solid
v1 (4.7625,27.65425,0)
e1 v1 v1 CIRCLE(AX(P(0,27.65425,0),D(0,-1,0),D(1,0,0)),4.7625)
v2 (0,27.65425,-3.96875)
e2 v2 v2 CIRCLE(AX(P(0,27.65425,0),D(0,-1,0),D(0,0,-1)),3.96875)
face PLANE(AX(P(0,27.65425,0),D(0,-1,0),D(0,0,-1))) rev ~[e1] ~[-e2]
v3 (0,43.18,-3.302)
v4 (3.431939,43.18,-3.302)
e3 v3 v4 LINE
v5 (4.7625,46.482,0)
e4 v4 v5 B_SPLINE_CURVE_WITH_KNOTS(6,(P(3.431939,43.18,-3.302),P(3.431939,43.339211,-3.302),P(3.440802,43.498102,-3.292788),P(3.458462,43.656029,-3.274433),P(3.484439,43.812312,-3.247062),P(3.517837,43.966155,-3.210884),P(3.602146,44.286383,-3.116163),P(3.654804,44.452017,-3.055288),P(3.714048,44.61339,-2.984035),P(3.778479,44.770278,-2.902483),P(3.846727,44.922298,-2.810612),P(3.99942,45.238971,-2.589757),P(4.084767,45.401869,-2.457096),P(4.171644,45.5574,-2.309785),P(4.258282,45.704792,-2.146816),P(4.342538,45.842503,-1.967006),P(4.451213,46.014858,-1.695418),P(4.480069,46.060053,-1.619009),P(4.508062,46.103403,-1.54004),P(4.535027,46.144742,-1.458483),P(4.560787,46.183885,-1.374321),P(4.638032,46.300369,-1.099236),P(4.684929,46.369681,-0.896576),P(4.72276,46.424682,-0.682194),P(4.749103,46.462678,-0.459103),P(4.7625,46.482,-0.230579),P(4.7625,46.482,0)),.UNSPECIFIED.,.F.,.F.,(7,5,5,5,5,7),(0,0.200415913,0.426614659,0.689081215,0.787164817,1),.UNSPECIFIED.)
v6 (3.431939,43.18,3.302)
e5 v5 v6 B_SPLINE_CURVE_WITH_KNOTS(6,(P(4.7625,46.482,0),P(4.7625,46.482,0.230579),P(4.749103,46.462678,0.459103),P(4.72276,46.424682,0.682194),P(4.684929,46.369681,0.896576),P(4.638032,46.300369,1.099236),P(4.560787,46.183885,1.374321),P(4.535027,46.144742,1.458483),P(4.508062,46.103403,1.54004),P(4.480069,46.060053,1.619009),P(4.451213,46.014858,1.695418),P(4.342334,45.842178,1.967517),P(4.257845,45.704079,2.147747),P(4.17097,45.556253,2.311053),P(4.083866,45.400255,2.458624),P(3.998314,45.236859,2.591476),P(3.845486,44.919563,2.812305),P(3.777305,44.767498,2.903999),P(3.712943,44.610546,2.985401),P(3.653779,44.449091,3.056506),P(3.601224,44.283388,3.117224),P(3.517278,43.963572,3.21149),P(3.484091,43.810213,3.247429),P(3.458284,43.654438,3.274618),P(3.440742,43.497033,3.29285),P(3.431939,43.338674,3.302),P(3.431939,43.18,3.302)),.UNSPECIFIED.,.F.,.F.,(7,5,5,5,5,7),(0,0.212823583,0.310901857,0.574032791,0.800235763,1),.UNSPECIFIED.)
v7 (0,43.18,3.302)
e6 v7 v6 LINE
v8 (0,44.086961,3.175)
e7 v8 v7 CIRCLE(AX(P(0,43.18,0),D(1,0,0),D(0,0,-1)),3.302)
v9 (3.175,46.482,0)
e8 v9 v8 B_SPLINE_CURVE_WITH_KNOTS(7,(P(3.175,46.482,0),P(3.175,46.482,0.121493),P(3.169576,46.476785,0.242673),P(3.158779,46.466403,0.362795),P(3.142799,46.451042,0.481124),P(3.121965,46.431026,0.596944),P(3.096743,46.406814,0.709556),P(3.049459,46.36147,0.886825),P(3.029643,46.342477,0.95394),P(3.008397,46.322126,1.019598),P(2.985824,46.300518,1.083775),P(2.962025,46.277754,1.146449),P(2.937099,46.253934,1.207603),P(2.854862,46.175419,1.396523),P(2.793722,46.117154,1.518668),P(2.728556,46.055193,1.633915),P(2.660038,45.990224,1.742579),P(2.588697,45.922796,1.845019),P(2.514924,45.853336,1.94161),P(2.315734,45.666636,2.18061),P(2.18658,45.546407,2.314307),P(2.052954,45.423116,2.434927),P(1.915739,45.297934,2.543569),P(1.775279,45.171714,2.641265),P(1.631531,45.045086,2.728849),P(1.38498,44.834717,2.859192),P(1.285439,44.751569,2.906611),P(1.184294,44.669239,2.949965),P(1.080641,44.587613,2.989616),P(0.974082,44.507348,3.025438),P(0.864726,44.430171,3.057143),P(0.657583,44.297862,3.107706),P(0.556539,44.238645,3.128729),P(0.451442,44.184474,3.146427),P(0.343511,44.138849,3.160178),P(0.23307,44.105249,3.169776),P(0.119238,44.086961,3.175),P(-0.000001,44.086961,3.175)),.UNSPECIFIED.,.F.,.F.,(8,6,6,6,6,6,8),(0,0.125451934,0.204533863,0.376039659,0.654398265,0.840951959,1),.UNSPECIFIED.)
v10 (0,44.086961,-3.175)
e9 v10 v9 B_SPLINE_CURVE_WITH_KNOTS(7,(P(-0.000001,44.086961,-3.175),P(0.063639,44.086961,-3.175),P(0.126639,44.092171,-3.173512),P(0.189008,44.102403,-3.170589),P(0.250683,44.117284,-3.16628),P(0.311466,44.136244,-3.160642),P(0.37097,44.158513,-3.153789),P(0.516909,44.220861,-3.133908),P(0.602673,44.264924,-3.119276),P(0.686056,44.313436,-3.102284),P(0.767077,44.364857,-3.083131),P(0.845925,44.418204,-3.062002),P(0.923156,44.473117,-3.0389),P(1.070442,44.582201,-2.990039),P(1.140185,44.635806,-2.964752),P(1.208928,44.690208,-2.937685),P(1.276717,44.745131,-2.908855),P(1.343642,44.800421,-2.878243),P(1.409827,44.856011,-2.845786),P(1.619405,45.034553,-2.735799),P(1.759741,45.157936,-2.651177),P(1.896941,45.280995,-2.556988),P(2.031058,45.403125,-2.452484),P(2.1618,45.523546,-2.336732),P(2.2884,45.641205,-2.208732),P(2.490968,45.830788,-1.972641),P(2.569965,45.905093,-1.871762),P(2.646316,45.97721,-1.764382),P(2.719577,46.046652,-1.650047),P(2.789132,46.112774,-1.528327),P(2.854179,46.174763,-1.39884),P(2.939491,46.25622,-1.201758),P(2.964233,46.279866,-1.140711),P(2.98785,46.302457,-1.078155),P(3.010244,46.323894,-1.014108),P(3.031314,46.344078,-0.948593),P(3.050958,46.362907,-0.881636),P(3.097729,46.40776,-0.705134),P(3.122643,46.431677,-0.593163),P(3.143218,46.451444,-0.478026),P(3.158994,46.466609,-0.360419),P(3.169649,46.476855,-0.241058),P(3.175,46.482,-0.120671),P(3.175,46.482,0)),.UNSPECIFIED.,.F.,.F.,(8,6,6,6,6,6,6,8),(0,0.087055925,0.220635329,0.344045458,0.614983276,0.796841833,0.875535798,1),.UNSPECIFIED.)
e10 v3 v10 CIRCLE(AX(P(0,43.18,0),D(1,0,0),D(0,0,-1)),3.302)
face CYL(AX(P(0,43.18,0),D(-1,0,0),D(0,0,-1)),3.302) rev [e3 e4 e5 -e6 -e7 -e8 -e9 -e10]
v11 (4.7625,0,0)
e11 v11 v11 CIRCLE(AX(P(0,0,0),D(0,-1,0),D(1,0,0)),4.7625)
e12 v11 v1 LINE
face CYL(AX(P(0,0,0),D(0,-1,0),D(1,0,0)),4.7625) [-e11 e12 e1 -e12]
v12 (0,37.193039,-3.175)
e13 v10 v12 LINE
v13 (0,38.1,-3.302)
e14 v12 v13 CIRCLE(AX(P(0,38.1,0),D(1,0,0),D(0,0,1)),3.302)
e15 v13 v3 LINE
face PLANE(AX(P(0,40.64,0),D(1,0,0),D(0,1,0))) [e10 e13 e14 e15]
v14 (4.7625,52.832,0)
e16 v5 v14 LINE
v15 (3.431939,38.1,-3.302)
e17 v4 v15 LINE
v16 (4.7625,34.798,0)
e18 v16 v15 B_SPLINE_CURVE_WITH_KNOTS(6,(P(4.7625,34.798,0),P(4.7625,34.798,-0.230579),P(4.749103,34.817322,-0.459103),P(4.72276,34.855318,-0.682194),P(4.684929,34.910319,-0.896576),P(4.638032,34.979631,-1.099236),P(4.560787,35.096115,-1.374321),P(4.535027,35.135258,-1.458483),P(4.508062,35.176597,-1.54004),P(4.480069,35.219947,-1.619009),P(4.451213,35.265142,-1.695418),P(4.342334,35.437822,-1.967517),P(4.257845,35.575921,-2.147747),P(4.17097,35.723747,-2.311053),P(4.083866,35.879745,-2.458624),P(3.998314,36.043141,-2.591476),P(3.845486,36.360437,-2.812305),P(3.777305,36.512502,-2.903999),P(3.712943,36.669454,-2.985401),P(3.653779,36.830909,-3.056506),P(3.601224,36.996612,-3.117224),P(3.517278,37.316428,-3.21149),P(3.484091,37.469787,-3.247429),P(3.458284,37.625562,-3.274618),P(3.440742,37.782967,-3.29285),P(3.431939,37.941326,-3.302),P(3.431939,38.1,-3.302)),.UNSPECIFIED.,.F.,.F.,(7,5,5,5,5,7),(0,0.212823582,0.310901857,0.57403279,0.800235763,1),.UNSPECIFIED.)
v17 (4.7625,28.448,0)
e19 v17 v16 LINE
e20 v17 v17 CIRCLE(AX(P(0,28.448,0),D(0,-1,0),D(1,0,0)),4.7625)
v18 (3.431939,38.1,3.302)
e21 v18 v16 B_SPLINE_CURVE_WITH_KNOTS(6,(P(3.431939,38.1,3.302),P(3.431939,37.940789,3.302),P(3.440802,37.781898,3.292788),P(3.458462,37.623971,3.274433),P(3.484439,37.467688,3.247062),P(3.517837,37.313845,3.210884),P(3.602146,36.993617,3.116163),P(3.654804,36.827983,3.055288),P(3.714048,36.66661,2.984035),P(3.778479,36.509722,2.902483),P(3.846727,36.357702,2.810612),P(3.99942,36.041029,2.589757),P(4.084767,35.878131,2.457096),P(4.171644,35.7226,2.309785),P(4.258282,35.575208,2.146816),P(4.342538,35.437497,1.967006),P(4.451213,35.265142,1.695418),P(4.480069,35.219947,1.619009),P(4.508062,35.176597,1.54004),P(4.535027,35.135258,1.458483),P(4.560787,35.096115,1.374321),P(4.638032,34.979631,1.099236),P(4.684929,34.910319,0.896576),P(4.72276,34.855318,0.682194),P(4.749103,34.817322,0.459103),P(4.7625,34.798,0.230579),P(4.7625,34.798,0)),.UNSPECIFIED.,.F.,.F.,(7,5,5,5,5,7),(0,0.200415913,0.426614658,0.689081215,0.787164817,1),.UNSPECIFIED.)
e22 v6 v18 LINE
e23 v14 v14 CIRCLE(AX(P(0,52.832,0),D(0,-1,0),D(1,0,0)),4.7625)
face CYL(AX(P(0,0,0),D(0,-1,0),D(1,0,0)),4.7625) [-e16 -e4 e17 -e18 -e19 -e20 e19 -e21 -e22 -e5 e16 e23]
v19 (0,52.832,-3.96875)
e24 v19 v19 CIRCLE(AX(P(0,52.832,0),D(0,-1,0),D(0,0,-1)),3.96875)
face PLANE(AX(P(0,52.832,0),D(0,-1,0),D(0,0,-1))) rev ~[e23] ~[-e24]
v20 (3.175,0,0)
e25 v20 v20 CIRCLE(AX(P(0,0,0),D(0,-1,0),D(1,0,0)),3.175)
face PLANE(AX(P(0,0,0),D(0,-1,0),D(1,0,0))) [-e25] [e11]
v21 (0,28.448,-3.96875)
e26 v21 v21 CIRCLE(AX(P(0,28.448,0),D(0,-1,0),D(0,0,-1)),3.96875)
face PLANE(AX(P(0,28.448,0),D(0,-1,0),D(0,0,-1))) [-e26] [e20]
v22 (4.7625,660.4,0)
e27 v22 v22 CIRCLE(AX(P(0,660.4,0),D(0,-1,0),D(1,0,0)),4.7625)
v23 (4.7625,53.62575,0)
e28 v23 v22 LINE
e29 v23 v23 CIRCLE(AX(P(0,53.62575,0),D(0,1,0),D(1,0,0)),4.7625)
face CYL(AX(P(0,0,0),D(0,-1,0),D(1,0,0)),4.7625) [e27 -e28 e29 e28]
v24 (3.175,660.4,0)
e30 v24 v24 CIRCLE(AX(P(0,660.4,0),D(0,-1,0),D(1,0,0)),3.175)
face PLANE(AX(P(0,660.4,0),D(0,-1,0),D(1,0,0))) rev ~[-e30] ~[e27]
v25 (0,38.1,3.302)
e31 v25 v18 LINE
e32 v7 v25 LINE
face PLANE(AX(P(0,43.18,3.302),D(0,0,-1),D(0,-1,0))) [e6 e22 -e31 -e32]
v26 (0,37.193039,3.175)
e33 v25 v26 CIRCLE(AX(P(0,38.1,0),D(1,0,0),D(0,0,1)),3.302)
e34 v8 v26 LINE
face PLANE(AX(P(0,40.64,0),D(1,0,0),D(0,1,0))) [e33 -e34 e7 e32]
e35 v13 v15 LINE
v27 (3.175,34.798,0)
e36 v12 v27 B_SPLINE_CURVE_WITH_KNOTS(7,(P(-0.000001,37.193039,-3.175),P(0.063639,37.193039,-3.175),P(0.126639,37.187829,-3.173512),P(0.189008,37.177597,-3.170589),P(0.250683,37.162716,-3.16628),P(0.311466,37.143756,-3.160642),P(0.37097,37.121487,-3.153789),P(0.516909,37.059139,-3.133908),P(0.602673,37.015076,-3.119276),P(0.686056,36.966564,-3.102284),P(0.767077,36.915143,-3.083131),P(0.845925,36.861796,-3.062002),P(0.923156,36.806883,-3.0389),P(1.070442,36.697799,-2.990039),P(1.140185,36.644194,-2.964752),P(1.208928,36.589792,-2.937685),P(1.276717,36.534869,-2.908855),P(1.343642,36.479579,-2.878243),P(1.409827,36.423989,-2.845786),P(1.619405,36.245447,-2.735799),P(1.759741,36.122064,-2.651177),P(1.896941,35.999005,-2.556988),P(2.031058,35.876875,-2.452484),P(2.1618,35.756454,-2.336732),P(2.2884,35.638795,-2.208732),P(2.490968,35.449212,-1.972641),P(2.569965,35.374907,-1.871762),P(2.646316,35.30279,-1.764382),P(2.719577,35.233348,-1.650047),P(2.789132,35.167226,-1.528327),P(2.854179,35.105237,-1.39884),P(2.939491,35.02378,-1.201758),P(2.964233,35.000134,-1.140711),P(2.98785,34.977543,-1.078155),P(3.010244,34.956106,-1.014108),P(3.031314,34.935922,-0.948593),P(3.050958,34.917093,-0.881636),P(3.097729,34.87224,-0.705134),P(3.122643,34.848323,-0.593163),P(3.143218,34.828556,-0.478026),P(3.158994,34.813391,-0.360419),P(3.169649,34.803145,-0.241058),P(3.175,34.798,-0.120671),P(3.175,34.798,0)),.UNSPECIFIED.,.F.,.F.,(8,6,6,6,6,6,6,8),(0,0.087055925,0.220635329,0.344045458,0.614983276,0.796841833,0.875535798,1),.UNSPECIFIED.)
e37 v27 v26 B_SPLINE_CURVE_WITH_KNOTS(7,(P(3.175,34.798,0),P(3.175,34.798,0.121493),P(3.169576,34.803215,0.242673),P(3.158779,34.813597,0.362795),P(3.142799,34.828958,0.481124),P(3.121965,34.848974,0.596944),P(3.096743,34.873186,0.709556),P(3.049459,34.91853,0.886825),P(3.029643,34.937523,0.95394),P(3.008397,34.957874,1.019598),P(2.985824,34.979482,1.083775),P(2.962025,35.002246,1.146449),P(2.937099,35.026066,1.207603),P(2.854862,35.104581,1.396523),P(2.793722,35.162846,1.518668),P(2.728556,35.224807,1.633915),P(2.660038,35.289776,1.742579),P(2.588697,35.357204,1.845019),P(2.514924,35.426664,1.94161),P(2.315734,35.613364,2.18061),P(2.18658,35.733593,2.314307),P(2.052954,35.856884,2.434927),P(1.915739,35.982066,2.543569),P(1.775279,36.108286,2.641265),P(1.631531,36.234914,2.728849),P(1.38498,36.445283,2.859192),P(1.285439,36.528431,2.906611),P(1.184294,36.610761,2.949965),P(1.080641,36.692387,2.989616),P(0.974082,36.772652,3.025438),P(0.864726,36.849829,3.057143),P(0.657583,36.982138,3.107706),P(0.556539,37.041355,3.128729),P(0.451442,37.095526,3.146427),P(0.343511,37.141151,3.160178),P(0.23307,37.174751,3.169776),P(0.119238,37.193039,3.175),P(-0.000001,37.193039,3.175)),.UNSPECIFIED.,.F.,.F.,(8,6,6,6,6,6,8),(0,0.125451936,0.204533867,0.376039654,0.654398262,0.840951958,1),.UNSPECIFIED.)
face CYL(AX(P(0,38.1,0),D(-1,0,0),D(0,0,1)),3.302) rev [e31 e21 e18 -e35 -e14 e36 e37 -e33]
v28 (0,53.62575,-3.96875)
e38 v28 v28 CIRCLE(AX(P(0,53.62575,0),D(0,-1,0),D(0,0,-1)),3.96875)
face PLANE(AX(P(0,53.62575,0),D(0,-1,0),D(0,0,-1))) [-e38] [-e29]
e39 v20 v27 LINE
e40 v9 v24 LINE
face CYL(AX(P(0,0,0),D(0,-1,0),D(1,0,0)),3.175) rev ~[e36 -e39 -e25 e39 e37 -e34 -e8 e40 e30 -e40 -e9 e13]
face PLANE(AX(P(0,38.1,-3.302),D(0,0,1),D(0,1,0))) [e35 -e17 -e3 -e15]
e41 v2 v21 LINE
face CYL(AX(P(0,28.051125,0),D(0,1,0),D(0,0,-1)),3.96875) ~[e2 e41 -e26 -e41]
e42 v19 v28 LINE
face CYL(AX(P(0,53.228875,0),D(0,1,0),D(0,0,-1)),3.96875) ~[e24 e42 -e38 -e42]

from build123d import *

# Parameters (mm, degrees)
F0_R     = 4.7625
F0_R_2   = 3.175
F1_DEPTH = 660.4
F3_DEPTH = 25.4
F4_W     = 0.79375
F4_H     = 0.79375


with BuildPart() as f1:
    # F0 (on Front) → F1 (new body)
    with BuildSketch(Plane.XZ):
        Circle(F0_R)
        Circle(F0_R_2, mode=Mode.SUBTRACT)
    extrude(amount=-F1_DEPTH)

    # F2 (on Right) → F3 (cut)
    with BuildSketch(Plane.YZ):
        with BuildLine():
            Line((43.18, 3.302), (38.1, 3.302))
            ThreePointArc((38.1, 3.302), (34.798, 0), (38.1, -3.302))
            Line((38.1, -3.302), (43.18, -3.302))
            ThreePointArc((43.18, -3.302), (46.482, 0), (43.18, 3.302))
        make_face()
    extrude(amount=F3_DEPTH, mode=Mode.SUBTRACT)

    # F4 (on Right) → F5 (revolve, cut)
    with BuildSketch(Plane.YZ):
        with Locations((28.051125, -4.365625)):
            Rectangle(F4_W, F4_H)
        with Locations((53.228875, -4.365625)):
            Rectangle(F4_W, F4_H)
    revolve(axis=Axis((0, 0, 0), (0, -1, 0)), mode=Mode.SUBTRACT)


solid = f1.part
